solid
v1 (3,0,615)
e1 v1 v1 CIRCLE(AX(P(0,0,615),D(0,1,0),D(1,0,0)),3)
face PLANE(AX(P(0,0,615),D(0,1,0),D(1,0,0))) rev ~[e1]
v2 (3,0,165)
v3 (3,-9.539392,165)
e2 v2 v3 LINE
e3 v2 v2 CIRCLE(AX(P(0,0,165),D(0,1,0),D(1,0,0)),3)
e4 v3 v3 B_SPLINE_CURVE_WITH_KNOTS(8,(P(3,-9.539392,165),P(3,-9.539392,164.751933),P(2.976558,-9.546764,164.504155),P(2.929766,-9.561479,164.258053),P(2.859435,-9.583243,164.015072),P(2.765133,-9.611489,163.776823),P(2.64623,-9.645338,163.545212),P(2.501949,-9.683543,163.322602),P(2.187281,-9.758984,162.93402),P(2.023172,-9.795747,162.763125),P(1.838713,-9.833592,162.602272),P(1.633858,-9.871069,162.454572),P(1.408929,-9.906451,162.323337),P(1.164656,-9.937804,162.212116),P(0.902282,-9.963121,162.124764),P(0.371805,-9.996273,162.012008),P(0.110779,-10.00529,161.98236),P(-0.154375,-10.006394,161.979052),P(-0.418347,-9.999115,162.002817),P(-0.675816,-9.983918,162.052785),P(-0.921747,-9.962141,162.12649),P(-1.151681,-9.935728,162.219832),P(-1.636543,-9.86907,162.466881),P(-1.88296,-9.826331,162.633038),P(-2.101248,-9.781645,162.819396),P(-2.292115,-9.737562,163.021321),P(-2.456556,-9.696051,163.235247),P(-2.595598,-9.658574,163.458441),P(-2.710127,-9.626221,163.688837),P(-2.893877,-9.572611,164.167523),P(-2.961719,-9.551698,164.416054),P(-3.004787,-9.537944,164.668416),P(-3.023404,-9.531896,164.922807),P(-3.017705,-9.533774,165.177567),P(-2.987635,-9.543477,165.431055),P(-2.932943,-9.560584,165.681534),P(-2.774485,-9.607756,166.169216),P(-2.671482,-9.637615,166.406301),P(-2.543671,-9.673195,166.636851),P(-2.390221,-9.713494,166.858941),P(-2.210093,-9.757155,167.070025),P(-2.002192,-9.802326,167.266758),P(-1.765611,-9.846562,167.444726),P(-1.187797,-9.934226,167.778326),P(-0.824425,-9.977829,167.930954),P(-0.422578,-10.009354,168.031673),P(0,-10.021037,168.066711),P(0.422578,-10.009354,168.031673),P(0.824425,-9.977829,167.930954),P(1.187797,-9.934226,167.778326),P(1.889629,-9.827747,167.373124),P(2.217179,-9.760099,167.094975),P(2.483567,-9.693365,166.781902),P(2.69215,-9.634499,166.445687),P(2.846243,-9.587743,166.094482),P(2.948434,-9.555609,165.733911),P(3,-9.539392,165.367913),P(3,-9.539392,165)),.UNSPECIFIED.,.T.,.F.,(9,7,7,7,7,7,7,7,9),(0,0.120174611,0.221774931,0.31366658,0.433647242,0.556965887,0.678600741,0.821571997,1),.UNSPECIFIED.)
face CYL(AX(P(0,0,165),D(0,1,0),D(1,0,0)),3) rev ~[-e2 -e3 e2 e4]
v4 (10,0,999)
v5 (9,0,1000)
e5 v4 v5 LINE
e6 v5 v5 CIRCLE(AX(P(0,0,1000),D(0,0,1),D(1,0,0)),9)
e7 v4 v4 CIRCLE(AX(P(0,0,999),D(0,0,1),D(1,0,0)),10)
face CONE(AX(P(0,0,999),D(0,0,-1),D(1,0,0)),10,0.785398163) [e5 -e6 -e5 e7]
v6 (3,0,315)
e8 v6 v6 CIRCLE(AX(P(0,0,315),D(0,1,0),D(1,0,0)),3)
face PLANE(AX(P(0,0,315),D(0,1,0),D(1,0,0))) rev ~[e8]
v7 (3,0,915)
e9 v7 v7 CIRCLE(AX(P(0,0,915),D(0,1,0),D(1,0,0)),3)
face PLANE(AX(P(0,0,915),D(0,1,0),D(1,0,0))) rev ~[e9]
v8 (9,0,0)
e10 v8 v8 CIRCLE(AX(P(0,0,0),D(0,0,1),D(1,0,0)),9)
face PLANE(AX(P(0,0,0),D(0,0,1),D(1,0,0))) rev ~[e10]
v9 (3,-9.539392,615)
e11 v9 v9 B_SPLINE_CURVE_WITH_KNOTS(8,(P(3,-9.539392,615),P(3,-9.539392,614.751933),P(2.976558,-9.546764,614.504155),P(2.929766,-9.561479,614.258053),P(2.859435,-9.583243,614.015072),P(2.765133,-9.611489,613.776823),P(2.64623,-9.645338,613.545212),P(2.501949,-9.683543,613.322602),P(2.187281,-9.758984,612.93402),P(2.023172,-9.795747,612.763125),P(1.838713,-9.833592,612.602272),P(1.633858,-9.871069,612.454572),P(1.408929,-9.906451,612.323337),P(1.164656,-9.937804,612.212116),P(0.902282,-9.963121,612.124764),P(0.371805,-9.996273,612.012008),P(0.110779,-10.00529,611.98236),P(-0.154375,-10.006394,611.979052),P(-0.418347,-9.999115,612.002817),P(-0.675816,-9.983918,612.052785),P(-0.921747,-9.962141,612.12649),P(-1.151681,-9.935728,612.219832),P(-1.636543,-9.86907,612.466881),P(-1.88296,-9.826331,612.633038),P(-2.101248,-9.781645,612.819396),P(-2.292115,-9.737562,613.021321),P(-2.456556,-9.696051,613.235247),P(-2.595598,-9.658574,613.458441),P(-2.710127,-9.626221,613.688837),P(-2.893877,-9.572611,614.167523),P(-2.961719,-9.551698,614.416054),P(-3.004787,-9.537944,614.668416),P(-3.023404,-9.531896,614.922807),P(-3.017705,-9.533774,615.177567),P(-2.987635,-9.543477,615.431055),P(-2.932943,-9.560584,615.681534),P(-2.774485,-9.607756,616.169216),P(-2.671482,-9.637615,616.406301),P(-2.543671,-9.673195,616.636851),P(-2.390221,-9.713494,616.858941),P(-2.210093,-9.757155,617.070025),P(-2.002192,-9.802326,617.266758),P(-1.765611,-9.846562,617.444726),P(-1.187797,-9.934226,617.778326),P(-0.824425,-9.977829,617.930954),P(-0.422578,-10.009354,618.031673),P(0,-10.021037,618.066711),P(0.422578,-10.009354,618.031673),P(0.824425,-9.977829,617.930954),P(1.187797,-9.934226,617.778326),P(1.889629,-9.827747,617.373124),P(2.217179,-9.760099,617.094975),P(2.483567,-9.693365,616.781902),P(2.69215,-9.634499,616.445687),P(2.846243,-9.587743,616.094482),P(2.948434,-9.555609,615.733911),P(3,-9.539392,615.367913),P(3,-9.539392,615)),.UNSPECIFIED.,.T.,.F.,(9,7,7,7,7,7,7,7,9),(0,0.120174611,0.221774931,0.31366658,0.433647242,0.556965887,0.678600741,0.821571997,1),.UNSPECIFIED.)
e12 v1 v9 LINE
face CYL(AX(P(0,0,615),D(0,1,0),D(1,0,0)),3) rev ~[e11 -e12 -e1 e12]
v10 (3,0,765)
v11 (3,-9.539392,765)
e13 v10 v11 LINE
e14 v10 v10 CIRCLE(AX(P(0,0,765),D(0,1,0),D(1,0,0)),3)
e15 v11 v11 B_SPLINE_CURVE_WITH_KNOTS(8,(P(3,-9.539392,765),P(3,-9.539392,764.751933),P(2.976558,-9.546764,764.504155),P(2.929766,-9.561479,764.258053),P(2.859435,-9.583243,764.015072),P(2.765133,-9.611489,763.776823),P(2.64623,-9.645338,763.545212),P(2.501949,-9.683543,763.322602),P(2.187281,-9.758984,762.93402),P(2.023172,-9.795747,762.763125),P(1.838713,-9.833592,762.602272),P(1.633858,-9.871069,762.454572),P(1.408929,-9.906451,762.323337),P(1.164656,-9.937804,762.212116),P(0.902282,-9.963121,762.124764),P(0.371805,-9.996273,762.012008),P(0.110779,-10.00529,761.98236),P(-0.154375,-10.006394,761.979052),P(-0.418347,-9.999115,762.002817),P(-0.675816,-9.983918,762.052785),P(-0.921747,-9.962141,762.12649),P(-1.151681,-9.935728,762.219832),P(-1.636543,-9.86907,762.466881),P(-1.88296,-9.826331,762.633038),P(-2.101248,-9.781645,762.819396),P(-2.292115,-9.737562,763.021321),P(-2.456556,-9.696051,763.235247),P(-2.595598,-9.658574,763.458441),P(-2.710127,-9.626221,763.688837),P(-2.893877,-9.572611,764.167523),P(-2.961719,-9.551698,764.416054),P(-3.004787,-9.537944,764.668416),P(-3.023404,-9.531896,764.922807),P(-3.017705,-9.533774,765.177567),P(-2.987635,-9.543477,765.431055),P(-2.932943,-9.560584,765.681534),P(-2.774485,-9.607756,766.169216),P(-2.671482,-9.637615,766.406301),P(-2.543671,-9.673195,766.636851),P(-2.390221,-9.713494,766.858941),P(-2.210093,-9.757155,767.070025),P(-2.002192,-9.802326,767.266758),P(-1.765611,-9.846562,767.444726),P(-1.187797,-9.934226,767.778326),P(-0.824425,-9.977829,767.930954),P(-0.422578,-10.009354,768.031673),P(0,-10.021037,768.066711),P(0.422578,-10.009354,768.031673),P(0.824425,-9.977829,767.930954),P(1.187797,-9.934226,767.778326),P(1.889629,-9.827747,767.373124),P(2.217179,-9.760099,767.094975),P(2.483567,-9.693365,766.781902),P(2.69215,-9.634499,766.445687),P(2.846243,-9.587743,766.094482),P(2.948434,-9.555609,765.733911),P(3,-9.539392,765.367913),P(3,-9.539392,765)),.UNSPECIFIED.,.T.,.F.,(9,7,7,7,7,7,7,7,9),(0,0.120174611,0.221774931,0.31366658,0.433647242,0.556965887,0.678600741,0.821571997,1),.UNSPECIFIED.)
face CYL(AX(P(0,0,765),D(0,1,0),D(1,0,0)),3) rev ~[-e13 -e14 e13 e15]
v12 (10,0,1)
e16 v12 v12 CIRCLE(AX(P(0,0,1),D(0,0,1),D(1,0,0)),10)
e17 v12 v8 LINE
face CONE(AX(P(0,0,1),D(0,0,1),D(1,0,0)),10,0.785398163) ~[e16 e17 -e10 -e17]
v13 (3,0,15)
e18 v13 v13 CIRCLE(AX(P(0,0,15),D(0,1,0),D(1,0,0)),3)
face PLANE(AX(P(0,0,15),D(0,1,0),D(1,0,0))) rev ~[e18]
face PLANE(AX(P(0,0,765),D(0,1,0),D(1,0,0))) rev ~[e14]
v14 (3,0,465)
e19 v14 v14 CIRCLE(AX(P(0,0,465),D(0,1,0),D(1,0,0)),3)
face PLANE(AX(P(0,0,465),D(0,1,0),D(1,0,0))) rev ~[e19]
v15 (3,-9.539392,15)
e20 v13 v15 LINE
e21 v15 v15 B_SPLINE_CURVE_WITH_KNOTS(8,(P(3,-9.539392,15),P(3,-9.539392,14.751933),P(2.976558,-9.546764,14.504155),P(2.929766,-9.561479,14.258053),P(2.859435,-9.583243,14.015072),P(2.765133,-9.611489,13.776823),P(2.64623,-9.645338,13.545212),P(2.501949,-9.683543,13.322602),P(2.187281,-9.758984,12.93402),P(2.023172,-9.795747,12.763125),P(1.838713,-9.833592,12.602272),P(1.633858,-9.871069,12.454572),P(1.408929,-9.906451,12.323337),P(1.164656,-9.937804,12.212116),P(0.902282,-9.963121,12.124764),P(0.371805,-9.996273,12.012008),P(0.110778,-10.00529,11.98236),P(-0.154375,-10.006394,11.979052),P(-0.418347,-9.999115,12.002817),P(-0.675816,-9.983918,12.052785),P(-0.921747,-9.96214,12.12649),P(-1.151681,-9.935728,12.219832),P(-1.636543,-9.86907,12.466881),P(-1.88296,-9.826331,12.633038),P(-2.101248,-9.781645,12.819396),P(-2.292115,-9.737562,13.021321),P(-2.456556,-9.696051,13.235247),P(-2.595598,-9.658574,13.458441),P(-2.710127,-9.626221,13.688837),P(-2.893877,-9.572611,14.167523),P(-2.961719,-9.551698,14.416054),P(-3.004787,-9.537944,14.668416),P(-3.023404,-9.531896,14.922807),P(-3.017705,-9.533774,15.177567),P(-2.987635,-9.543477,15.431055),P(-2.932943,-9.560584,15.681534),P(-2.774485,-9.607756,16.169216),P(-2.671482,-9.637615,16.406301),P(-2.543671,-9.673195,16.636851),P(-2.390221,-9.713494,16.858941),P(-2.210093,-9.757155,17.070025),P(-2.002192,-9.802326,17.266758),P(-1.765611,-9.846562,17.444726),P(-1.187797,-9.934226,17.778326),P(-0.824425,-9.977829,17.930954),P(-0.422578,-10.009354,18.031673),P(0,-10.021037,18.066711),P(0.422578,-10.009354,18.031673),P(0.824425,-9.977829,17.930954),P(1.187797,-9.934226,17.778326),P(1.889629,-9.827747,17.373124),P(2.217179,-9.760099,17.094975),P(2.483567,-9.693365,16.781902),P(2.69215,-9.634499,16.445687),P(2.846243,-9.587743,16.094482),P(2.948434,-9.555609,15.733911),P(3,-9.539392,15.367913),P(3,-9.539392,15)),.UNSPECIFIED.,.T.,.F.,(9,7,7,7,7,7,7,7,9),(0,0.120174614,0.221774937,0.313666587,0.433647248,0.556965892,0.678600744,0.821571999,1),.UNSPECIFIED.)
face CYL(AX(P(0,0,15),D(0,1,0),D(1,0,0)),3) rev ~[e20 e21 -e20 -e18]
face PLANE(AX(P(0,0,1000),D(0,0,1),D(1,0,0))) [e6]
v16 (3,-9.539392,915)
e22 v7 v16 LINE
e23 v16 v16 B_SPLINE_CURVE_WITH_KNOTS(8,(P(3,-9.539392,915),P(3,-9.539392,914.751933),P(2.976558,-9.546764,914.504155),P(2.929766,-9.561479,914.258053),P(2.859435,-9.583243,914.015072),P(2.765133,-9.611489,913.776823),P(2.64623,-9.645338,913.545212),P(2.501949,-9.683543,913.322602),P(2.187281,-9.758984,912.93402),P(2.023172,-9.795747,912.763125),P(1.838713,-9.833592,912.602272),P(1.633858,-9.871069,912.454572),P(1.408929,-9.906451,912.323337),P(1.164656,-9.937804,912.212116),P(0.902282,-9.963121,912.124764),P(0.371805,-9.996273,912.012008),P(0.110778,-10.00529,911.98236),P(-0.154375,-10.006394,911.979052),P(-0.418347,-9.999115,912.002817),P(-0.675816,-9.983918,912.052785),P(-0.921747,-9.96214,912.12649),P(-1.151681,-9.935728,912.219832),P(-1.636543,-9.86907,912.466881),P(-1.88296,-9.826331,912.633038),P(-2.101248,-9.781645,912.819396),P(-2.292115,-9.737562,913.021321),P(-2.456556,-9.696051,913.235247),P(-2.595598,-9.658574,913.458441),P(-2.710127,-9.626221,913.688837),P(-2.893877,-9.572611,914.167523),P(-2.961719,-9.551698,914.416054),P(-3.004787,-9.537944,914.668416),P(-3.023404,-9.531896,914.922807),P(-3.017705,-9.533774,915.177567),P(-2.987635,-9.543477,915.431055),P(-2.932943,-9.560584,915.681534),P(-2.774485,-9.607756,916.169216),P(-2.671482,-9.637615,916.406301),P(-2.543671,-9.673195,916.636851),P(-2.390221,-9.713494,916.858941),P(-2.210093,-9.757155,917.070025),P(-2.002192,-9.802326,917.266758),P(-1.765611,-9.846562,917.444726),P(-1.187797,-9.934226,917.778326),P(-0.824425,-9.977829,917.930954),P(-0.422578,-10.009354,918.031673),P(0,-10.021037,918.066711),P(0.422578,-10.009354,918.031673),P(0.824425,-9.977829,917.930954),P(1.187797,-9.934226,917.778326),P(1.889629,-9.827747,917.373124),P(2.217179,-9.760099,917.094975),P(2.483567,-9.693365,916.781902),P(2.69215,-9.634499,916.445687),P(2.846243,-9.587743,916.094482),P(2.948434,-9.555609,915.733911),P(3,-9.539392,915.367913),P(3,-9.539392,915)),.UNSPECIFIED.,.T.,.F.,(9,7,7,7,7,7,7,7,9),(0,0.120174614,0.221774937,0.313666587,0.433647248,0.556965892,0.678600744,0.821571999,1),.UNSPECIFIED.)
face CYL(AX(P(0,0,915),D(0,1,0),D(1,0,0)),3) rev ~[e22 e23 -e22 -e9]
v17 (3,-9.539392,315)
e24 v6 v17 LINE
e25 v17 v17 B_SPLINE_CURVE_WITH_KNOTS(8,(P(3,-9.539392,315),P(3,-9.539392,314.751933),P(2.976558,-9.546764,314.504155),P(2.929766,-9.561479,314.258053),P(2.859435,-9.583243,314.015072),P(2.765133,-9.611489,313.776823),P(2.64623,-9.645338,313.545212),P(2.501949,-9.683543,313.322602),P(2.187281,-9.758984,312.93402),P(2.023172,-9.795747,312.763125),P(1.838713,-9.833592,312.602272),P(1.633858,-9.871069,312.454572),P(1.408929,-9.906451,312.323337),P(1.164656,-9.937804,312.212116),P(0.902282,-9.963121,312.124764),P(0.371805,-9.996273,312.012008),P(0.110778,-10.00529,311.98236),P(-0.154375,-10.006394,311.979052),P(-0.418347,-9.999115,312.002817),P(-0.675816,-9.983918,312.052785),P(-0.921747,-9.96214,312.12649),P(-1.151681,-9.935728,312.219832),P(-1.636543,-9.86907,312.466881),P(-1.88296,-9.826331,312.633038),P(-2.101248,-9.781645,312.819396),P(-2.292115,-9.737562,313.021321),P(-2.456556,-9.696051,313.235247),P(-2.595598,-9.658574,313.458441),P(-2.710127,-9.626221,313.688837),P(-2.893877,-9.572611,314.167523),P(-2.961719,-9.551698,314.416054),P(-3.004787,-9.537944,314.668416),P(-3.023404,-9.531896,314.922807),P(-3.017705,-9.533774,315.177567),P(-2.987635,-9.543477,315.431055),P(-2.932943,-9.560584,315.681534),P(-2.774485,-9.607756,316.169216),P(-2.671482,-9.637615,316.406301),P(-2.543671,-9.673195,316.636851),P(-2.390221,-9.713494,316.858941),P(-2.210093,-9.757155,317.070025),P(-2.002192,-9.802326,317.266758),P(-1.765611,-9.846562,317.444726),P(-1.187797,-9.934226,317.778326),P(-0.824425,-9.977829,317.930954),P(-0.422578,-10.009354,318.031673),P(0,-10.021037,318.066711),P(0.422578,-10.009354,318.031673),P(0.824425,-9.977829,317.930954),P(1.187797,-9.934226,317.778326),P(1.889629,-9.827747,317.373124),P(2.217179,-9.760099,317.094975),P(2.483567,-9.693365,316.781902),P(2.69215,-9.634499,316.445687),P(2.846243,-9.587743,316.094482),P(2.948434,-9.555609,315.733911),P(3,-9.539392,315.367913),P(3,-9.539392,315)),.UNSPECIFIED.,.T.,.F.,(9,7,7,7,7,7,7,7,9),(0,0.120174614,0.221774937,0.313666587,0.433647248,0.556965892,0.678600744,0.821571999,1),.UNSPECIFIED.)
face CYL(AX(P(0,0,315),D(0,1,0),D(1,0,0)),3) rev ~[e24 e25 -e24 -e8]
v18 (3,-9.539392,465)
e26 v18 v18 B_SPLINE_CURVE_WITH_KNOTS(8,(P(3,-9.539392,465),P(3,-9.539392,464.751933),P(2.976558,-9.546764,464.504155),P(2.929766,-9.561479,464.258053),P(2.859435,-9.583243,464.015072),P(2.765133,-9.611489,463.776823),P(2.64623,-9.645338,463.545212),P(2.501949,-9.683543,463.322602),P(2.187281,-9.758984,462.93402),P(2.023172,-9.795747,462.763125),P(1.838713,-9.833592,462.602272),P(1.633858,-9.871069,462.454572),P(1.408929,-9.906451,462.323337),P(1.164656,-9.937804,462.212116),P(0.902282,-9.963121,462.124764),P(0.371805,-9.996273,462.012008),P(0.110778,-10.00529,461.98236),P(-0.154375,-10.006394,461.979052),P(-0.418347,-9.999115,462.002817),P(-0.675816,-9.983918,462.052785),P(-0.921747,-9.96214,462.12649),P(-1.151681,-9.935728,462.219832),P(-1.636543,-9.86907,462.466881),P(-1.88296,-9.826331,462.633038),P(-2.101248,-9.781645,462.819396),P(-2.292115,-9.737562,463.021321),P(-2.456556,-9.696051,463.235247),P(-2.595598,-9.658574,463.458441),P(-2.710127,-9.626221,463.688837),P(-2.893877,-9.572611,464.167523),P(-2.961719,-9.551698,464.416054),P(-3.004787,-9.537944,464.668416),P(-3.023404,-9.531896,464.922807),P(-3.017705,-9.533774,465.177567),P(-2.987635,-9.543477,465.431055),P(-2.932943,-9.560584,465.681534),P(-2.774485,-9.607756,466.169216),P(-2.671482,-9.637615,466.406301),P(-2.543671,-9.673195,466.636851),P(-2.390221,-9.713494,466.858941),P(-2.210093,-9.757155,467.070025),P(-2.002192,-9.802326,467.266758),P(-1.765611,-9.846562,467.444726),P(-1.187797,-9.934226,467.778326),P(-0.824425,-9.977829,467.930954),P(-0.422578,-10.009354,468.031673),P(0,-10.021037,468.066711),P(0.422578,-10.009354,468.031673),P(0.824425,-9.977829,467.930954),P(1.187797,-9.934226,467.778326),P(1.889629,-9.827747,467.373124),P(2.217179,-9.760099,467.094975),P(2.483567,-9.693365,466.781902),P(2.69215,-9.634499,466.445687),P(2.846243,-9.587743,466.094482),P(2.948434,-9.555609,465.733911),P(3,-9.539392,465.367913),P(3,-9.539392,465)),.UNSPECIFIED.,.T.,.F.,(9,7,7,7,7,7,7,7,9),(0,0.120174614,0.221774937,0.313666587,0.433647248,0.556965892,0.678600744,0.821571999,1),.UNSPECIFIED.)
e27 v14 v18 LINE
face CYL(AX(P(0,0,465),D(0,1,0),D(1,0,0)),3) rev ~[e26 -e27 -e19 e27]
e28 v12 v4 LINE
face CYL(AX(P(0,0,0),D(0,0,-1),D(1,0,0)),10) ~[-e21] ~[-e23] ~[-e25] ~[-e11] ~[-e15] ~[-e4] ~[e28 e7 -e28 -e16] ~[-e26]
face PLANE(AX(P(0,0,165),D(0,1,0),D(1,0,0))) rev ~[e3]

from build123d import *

# Parameters (mm, degrees)
SKETCH1_R           = 10
BOSS_EXTRUDE1_DEPTH = 1000
CHAMFER1_SIZE       = 1
SKETCH2_R           = 3
CUT_EXTRUDE1_DEPTH  = 10
LPATTERN1_COUNT     = 7
LPATTERN1_PITCH     = 150


with BuildPart() as part:
    # Sketch1 → Boss-Extrude1 (new body)
    with BuildSketch(Plane.XY):
        Circle(SKETCH1_R)
    extrude(amount=BOSS_EXTRUDE1_DEPTH)

    # Chamfer1
    chamfer1_edges = [part.edges().sort_by_distance(p)[0] for p in [
        (-10, 0, 0),
        (-10, 0, 1000),
    ]]
    chamfer(chamfer1_edges, length=CHAMFER1_SIZE)

    # Sketch2 → Cut-Extrude1 (cut)
    with BuildSketch(Plane(origin=(0, 0, 0), x_dir=(1, 0, 0), z_dir=(0, 1, 0))):
        with Locations((0, -15)):
            Circle(SKETCH2_R)
    cut_extrude1 = extrude(amount=-CUT_EXTRUDE1_DEPTH, mode=Mode.SUBTRACT)

    # LPattern1: Cut-Extrude1 ×7
    with Locations(*[(0, 0, i * LPATTERN1_PITCH) for i in range(1, LPATTERN1_COUNT)]):
        add(cut_extrude1, mode=Mode.SUBTRACT)


solid = part.part
